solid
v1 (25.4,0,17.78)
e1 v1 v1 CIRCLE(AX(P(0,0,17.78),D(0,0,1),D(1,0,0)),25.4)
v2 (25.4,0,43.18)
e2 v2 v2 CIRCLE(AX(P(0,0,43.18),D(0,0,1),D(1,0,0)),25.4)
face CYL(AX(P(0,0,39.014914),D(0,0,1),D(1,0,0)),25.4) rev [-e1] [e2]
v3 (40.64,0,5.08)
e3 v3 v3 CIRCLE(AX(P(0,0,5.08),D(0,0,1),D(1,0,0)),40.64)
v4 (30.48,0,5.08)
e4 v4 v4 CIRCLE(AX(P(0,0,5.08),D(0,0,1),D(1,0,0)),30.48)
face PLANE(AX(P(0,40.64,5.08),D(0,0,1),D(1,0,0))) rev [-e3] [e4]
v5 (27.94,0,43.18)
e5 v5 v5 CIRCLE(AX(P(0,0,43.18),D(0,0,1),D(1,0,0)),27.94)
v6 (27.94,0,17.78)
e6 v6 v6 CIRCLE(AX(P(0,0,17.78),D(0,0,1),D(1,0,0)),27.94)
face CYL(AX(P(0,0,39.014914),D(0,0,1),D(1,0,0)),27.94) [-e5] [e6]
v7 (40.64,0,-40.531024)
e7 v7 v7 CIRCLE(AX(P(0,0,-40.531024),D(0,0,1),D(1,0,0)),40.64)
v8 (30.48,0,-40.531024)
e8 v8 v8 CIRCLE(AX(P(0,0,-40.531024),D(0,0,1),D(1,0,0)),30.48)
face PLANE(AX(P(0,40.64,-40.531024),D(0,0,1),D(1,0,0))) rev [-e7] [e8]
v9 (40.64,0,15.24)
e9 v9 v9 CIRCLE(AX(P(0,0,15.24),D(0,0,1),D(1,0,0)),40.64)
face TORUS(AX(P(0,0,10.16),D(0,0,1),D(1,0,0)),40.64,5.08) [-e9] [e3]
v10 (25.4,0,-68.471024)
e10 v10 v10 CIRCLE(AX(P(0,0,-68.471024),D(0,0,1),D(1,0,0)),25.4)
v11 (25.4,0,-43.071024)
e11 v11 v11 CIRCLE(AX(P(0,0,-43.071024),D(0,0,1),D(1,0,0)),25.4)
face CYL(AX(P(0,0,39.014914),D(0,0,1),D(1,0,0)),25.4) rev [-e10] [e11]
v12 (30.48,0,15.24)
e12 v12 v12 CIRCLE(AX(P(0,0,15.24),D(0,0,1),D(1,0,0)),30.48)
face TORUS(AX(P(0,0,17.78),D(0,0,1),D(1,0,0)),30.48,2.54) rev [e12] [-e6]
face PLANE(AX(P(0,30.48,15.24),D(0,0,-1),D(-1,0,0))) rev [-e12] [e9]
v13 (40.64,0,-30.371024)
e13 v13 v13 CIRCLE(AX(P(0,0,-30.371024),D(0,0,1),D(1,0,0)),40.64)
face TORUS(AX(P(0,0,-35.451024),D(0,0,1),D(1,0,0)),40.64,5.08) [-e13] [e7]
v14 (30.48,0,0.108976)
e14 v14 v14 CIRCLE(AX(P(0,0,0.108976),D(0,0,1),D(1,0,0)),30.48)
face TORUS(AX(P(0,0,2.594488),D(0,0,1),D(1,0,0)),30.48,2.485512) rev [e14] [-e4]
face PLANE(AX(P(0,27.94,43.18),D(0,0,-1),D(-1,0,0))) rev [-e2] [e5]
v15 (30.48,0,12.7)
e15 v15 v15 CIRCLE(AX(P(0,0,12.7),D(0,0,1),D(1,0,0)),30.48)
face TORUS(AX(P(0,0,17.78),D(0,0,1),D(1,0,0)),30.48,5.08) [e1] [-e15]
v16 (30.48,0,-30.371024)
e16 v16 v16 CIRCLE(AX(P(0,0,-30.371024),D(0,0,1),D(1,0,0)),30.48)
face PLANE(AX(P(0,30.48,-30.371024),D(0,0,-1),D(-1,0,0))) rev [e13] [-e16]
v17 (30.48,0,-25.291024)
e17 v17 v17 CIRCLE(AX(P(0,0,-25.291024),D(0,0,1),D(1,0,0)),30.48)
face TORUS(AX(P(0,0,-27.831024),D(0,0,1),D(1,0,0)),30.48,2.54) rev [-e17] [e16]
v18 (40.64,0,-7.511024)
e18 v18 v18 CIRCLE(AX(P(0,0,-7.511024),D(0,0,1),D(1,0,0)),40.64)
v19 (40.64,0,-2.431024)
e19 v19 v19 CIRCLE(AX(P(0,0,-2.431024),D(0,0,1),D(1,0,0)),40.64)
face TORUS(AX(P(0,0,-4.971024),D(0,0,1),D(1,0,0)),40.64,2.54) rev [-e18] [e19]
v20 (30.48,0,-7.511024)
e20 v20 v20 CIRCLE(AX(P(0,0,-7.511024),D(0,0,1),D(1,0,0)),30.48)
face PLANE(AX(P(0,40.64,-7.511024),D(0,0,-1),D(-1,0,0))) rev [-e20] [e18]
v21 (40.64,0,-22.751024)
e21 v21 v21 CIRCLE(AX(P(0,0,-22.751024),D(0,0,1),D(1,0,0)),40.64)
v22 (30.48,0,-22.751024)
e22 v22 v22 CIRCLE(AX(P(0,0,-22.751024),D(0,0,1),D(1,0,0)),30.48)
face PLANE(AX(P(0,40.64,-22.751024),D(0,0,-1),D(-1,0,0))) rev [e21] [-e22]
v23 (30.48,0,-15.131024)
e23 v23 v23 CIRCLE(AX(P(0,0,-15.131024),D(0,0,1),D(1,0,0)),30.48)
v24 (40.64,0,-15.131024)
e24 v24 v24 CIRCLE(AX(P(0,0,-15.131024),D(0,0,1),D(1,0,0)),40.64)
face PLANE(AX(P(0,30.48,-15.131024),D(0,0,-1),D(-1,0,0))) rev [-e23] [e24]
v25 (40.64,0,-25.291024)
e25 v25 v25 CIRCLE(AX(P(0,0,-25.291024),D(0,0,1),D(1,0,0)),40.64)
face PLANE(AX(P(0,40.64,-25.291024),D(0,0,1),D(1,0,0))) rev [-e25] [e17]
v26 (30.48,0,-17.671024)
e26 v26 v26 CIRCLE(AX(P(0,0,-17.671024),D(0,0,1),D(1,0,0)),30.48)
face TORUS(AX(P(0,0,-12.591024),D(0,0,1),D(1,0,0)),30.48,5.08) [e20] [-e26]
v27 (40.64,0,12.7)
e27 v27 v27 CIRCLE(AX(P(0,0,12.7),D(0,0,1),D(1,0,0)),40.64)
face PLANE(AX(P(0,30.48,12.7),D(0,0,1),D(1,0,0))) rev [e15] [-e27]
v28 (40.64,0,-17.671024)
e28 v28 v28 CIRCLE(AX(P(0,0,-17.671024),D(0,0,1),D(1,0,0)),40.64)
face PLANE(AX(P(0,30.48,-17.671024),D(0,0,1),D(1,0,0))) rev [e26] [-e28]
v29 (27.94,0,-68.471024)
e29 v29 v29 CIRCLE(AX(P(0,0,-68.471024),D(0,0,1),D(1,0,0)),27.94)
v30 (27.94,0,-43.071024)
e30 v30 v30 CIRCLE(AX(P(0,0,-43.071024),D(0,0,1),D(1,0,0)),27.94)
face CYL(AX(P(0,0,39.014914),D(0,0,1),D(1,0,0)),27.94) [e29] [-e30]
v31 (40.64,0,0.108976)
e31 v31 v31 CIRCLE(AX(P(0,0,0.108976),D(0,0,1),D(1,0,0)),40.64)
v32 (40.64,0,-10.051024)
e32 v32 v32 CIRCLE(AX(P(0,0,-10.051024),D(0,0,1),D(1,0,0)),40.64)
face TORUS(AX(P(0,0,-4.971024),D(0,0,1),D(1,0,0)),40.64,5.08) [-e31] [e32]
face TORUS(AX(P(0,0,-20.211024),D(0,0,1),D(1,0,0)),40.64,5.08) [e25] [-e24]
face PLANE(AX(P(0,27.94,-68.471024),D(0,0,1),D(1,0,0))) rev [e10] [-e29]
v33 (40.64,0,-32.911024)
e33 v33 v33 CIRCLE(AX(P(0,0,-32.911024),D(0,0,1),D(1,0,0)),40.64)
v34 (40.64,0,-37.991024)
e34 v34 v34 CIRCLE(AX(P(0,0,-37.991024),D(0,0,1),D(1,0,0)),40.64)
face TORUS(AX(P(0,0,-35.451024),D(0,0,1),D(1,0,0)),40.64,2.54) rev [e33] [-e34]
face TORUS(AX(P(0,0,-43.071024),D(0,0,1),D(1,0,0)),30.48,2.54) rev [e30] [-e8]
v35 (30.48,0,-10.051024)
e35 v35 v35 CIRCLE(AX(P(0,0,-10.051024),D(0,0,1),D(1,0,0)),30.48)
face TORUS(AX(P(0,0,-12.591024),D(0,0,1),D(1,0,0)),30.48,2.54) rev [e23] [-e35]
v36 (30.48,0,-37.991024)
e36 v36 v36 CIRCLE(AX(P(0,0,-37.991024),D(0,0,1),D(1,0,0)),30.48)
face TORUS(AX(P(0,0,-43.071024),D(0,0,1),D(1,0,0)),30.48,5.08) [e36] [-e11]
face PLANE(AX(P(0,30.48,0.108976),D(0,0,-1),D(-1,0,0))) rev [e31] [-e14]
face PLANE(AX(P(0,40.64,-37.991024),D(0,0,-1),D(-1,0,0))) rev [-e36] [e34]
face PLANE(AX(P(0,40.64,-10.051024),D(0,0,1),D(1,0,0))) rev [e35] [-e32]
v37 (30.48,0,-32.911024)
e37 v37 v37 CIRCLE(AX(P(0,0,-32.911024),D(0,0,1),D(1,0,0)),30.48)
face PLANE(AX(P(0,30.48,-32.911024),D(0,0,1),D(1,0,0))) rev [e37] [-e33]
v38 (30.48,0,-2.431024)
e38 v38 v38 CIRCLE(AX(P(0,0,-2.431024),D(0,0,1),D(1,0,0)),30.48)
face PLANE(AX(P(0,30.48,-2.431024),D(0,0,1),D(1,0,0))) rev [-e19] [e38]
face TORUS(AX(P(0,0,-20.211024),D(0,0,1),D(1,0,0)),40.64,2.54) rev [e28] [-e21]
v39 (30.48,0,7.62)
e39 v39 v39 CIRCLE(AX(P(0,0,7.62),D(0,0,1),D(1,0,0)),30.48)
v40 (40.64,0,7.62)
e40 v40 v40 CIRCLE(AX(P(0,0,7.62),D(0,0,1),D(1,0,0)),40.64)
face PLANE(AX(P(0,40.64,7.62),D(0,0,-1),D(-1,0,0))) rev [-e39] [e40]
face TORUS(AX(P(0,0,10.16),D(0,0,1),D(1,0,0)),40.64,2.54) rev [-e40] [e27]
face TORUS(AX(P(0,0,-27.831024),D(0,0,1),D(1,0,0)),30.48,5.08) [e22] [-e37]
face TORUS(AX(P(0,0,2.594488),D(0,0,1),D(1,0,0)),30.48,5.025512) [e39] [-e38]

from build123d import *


with BuildPart() as part:
    # Sketch1 → Revolve1 (revolve)
    with BuildSketch(Plane(origin=(0, 0, 0), x_dir=(0, 0, -1), z_dir=(1, 0, 0))):
        with BuildLine():
            Line((-43.18, 27.94), (-17.78, 27.94))
            ThreePointArc((-17.78, 27.94), (-15.983948776, 28.683948776), (-15.24, 30.48))
            Line((-15.24, 30.48), (-15.24, 40.64))
            ThreePointArc((-15.24, 40.64), (-10.16, 45.72), (-5.08, 40.64))
            Line((-5.08, 40.64), (-5.08, 30.48))
            ThreePointArc((-5.08, 30.48), (-2.594488225, 27.994488225), (-0.108976449, 30.48))
            Line((-0.108976449, 30.48), (-0.108976449, 40.64))
            ThreePointArc((-0.108976449, 40.64), (4.971023551, 45.72), (10.051023551, 40.64))
            Line((10.051023551, 40.64), (10.051023551, 30.48))
            ThreePointArc((10.051023551, 30.48), (12.591023551, 27.94), (15.131023551, 30.48))
            Line((15.131023551, 30.48), (15.131023551, 40.64))
            ThreePointArc((15.131023551, 40.64), (20.211023551, 45.72), (25.291023551, 40.64))
            Line((25.291023551, 40.64), (25.291023551, 30.48))
            ThreePointArc((25.291023551, 30.48), (27.831023551, 27.94), (30.371023551, 30.48))
            Line((30.371023551, 30.48), (30.371023551, 40.64))
            ThreePointArc((30.371023551, 40.64), (35.451023551, 45.72), (40.531023551, 40.64))
            Line((40.531023551, 40.64), (40.531023551, 30.48))
            ThreePointArc((40.531023551, 30.48), (41.274972327, 28.683948776), (43.071023551, 27.94))
            Line((43.071023551, 27.94), (68.471023551, 27.94))
            Line((68.471023551, 27.94), (68.471023551, 25.4))
            Line((68.471023551, 25.4), (43.071023551, 25.4))
            ThreePointArc((43.071023551, 25.4), (39.478921102, 26.887897552), (37.991023551, 30.48))
            Line((37.991023551, 30.48), (37.991023551, 40.64))
            ThreePointArc((37.991023551, 40.64), (35.451023551, 43.18), (32.911023551, 40.64))
            Line((32.911023551, 40.64), (32.911023551, 30.48))
            ThreePointArc((32.911023551, 30.48), (27.831023551, 25.4), (22.751023551, 30.48))
            Line((22.751023551, 30.48), (22.751023551, 40.64))
            ThreePointArc((22.751023551, 40.64), (20.211023551, 43.18), (17.671023551, 40.64))
            Line((17.671023551, 40.64), (17.671023551, 30.48))
            ThreePointArc((17.671023551, 30.48), (12.591023551, 25.4), (7.511023551, 30.48))
            Line((7.511023551, 30.48), (7.511023551, 40.64))
            ThreePointArc((7.511023551, 40.64), (4.971023551, 43.18), (2.431023551, 40.64))
            Line((2.431023551, 40.64), (2.431023551, 30.48))
            ThreePointArc((2.431023551, 30.48), (-2.594488225, 25.454488225), (-7.62, 30.48))
            Line((-7.62, 30.48), (-7.62, 40.64))
            ThreePointArc((-7.62, 40.64), (-10.16, 43.18), (-12.7, 40.64))
            Line((-12.7, 40.64), (-12.7, 30.48))
            ThreePointArc((-12.7, 30.48), (-14.187897552, 26.887897552), (-17.78, 25.4))
            Line((-17.78, 25.4), (-43.18, 25.4))
            Line((-43.18, 25.4), (-43.18, 27.94))
        make_face()
    revolve(axis=Axis((0, 0, 39.014914438), (0, 0, -1)))


solid = part.part
